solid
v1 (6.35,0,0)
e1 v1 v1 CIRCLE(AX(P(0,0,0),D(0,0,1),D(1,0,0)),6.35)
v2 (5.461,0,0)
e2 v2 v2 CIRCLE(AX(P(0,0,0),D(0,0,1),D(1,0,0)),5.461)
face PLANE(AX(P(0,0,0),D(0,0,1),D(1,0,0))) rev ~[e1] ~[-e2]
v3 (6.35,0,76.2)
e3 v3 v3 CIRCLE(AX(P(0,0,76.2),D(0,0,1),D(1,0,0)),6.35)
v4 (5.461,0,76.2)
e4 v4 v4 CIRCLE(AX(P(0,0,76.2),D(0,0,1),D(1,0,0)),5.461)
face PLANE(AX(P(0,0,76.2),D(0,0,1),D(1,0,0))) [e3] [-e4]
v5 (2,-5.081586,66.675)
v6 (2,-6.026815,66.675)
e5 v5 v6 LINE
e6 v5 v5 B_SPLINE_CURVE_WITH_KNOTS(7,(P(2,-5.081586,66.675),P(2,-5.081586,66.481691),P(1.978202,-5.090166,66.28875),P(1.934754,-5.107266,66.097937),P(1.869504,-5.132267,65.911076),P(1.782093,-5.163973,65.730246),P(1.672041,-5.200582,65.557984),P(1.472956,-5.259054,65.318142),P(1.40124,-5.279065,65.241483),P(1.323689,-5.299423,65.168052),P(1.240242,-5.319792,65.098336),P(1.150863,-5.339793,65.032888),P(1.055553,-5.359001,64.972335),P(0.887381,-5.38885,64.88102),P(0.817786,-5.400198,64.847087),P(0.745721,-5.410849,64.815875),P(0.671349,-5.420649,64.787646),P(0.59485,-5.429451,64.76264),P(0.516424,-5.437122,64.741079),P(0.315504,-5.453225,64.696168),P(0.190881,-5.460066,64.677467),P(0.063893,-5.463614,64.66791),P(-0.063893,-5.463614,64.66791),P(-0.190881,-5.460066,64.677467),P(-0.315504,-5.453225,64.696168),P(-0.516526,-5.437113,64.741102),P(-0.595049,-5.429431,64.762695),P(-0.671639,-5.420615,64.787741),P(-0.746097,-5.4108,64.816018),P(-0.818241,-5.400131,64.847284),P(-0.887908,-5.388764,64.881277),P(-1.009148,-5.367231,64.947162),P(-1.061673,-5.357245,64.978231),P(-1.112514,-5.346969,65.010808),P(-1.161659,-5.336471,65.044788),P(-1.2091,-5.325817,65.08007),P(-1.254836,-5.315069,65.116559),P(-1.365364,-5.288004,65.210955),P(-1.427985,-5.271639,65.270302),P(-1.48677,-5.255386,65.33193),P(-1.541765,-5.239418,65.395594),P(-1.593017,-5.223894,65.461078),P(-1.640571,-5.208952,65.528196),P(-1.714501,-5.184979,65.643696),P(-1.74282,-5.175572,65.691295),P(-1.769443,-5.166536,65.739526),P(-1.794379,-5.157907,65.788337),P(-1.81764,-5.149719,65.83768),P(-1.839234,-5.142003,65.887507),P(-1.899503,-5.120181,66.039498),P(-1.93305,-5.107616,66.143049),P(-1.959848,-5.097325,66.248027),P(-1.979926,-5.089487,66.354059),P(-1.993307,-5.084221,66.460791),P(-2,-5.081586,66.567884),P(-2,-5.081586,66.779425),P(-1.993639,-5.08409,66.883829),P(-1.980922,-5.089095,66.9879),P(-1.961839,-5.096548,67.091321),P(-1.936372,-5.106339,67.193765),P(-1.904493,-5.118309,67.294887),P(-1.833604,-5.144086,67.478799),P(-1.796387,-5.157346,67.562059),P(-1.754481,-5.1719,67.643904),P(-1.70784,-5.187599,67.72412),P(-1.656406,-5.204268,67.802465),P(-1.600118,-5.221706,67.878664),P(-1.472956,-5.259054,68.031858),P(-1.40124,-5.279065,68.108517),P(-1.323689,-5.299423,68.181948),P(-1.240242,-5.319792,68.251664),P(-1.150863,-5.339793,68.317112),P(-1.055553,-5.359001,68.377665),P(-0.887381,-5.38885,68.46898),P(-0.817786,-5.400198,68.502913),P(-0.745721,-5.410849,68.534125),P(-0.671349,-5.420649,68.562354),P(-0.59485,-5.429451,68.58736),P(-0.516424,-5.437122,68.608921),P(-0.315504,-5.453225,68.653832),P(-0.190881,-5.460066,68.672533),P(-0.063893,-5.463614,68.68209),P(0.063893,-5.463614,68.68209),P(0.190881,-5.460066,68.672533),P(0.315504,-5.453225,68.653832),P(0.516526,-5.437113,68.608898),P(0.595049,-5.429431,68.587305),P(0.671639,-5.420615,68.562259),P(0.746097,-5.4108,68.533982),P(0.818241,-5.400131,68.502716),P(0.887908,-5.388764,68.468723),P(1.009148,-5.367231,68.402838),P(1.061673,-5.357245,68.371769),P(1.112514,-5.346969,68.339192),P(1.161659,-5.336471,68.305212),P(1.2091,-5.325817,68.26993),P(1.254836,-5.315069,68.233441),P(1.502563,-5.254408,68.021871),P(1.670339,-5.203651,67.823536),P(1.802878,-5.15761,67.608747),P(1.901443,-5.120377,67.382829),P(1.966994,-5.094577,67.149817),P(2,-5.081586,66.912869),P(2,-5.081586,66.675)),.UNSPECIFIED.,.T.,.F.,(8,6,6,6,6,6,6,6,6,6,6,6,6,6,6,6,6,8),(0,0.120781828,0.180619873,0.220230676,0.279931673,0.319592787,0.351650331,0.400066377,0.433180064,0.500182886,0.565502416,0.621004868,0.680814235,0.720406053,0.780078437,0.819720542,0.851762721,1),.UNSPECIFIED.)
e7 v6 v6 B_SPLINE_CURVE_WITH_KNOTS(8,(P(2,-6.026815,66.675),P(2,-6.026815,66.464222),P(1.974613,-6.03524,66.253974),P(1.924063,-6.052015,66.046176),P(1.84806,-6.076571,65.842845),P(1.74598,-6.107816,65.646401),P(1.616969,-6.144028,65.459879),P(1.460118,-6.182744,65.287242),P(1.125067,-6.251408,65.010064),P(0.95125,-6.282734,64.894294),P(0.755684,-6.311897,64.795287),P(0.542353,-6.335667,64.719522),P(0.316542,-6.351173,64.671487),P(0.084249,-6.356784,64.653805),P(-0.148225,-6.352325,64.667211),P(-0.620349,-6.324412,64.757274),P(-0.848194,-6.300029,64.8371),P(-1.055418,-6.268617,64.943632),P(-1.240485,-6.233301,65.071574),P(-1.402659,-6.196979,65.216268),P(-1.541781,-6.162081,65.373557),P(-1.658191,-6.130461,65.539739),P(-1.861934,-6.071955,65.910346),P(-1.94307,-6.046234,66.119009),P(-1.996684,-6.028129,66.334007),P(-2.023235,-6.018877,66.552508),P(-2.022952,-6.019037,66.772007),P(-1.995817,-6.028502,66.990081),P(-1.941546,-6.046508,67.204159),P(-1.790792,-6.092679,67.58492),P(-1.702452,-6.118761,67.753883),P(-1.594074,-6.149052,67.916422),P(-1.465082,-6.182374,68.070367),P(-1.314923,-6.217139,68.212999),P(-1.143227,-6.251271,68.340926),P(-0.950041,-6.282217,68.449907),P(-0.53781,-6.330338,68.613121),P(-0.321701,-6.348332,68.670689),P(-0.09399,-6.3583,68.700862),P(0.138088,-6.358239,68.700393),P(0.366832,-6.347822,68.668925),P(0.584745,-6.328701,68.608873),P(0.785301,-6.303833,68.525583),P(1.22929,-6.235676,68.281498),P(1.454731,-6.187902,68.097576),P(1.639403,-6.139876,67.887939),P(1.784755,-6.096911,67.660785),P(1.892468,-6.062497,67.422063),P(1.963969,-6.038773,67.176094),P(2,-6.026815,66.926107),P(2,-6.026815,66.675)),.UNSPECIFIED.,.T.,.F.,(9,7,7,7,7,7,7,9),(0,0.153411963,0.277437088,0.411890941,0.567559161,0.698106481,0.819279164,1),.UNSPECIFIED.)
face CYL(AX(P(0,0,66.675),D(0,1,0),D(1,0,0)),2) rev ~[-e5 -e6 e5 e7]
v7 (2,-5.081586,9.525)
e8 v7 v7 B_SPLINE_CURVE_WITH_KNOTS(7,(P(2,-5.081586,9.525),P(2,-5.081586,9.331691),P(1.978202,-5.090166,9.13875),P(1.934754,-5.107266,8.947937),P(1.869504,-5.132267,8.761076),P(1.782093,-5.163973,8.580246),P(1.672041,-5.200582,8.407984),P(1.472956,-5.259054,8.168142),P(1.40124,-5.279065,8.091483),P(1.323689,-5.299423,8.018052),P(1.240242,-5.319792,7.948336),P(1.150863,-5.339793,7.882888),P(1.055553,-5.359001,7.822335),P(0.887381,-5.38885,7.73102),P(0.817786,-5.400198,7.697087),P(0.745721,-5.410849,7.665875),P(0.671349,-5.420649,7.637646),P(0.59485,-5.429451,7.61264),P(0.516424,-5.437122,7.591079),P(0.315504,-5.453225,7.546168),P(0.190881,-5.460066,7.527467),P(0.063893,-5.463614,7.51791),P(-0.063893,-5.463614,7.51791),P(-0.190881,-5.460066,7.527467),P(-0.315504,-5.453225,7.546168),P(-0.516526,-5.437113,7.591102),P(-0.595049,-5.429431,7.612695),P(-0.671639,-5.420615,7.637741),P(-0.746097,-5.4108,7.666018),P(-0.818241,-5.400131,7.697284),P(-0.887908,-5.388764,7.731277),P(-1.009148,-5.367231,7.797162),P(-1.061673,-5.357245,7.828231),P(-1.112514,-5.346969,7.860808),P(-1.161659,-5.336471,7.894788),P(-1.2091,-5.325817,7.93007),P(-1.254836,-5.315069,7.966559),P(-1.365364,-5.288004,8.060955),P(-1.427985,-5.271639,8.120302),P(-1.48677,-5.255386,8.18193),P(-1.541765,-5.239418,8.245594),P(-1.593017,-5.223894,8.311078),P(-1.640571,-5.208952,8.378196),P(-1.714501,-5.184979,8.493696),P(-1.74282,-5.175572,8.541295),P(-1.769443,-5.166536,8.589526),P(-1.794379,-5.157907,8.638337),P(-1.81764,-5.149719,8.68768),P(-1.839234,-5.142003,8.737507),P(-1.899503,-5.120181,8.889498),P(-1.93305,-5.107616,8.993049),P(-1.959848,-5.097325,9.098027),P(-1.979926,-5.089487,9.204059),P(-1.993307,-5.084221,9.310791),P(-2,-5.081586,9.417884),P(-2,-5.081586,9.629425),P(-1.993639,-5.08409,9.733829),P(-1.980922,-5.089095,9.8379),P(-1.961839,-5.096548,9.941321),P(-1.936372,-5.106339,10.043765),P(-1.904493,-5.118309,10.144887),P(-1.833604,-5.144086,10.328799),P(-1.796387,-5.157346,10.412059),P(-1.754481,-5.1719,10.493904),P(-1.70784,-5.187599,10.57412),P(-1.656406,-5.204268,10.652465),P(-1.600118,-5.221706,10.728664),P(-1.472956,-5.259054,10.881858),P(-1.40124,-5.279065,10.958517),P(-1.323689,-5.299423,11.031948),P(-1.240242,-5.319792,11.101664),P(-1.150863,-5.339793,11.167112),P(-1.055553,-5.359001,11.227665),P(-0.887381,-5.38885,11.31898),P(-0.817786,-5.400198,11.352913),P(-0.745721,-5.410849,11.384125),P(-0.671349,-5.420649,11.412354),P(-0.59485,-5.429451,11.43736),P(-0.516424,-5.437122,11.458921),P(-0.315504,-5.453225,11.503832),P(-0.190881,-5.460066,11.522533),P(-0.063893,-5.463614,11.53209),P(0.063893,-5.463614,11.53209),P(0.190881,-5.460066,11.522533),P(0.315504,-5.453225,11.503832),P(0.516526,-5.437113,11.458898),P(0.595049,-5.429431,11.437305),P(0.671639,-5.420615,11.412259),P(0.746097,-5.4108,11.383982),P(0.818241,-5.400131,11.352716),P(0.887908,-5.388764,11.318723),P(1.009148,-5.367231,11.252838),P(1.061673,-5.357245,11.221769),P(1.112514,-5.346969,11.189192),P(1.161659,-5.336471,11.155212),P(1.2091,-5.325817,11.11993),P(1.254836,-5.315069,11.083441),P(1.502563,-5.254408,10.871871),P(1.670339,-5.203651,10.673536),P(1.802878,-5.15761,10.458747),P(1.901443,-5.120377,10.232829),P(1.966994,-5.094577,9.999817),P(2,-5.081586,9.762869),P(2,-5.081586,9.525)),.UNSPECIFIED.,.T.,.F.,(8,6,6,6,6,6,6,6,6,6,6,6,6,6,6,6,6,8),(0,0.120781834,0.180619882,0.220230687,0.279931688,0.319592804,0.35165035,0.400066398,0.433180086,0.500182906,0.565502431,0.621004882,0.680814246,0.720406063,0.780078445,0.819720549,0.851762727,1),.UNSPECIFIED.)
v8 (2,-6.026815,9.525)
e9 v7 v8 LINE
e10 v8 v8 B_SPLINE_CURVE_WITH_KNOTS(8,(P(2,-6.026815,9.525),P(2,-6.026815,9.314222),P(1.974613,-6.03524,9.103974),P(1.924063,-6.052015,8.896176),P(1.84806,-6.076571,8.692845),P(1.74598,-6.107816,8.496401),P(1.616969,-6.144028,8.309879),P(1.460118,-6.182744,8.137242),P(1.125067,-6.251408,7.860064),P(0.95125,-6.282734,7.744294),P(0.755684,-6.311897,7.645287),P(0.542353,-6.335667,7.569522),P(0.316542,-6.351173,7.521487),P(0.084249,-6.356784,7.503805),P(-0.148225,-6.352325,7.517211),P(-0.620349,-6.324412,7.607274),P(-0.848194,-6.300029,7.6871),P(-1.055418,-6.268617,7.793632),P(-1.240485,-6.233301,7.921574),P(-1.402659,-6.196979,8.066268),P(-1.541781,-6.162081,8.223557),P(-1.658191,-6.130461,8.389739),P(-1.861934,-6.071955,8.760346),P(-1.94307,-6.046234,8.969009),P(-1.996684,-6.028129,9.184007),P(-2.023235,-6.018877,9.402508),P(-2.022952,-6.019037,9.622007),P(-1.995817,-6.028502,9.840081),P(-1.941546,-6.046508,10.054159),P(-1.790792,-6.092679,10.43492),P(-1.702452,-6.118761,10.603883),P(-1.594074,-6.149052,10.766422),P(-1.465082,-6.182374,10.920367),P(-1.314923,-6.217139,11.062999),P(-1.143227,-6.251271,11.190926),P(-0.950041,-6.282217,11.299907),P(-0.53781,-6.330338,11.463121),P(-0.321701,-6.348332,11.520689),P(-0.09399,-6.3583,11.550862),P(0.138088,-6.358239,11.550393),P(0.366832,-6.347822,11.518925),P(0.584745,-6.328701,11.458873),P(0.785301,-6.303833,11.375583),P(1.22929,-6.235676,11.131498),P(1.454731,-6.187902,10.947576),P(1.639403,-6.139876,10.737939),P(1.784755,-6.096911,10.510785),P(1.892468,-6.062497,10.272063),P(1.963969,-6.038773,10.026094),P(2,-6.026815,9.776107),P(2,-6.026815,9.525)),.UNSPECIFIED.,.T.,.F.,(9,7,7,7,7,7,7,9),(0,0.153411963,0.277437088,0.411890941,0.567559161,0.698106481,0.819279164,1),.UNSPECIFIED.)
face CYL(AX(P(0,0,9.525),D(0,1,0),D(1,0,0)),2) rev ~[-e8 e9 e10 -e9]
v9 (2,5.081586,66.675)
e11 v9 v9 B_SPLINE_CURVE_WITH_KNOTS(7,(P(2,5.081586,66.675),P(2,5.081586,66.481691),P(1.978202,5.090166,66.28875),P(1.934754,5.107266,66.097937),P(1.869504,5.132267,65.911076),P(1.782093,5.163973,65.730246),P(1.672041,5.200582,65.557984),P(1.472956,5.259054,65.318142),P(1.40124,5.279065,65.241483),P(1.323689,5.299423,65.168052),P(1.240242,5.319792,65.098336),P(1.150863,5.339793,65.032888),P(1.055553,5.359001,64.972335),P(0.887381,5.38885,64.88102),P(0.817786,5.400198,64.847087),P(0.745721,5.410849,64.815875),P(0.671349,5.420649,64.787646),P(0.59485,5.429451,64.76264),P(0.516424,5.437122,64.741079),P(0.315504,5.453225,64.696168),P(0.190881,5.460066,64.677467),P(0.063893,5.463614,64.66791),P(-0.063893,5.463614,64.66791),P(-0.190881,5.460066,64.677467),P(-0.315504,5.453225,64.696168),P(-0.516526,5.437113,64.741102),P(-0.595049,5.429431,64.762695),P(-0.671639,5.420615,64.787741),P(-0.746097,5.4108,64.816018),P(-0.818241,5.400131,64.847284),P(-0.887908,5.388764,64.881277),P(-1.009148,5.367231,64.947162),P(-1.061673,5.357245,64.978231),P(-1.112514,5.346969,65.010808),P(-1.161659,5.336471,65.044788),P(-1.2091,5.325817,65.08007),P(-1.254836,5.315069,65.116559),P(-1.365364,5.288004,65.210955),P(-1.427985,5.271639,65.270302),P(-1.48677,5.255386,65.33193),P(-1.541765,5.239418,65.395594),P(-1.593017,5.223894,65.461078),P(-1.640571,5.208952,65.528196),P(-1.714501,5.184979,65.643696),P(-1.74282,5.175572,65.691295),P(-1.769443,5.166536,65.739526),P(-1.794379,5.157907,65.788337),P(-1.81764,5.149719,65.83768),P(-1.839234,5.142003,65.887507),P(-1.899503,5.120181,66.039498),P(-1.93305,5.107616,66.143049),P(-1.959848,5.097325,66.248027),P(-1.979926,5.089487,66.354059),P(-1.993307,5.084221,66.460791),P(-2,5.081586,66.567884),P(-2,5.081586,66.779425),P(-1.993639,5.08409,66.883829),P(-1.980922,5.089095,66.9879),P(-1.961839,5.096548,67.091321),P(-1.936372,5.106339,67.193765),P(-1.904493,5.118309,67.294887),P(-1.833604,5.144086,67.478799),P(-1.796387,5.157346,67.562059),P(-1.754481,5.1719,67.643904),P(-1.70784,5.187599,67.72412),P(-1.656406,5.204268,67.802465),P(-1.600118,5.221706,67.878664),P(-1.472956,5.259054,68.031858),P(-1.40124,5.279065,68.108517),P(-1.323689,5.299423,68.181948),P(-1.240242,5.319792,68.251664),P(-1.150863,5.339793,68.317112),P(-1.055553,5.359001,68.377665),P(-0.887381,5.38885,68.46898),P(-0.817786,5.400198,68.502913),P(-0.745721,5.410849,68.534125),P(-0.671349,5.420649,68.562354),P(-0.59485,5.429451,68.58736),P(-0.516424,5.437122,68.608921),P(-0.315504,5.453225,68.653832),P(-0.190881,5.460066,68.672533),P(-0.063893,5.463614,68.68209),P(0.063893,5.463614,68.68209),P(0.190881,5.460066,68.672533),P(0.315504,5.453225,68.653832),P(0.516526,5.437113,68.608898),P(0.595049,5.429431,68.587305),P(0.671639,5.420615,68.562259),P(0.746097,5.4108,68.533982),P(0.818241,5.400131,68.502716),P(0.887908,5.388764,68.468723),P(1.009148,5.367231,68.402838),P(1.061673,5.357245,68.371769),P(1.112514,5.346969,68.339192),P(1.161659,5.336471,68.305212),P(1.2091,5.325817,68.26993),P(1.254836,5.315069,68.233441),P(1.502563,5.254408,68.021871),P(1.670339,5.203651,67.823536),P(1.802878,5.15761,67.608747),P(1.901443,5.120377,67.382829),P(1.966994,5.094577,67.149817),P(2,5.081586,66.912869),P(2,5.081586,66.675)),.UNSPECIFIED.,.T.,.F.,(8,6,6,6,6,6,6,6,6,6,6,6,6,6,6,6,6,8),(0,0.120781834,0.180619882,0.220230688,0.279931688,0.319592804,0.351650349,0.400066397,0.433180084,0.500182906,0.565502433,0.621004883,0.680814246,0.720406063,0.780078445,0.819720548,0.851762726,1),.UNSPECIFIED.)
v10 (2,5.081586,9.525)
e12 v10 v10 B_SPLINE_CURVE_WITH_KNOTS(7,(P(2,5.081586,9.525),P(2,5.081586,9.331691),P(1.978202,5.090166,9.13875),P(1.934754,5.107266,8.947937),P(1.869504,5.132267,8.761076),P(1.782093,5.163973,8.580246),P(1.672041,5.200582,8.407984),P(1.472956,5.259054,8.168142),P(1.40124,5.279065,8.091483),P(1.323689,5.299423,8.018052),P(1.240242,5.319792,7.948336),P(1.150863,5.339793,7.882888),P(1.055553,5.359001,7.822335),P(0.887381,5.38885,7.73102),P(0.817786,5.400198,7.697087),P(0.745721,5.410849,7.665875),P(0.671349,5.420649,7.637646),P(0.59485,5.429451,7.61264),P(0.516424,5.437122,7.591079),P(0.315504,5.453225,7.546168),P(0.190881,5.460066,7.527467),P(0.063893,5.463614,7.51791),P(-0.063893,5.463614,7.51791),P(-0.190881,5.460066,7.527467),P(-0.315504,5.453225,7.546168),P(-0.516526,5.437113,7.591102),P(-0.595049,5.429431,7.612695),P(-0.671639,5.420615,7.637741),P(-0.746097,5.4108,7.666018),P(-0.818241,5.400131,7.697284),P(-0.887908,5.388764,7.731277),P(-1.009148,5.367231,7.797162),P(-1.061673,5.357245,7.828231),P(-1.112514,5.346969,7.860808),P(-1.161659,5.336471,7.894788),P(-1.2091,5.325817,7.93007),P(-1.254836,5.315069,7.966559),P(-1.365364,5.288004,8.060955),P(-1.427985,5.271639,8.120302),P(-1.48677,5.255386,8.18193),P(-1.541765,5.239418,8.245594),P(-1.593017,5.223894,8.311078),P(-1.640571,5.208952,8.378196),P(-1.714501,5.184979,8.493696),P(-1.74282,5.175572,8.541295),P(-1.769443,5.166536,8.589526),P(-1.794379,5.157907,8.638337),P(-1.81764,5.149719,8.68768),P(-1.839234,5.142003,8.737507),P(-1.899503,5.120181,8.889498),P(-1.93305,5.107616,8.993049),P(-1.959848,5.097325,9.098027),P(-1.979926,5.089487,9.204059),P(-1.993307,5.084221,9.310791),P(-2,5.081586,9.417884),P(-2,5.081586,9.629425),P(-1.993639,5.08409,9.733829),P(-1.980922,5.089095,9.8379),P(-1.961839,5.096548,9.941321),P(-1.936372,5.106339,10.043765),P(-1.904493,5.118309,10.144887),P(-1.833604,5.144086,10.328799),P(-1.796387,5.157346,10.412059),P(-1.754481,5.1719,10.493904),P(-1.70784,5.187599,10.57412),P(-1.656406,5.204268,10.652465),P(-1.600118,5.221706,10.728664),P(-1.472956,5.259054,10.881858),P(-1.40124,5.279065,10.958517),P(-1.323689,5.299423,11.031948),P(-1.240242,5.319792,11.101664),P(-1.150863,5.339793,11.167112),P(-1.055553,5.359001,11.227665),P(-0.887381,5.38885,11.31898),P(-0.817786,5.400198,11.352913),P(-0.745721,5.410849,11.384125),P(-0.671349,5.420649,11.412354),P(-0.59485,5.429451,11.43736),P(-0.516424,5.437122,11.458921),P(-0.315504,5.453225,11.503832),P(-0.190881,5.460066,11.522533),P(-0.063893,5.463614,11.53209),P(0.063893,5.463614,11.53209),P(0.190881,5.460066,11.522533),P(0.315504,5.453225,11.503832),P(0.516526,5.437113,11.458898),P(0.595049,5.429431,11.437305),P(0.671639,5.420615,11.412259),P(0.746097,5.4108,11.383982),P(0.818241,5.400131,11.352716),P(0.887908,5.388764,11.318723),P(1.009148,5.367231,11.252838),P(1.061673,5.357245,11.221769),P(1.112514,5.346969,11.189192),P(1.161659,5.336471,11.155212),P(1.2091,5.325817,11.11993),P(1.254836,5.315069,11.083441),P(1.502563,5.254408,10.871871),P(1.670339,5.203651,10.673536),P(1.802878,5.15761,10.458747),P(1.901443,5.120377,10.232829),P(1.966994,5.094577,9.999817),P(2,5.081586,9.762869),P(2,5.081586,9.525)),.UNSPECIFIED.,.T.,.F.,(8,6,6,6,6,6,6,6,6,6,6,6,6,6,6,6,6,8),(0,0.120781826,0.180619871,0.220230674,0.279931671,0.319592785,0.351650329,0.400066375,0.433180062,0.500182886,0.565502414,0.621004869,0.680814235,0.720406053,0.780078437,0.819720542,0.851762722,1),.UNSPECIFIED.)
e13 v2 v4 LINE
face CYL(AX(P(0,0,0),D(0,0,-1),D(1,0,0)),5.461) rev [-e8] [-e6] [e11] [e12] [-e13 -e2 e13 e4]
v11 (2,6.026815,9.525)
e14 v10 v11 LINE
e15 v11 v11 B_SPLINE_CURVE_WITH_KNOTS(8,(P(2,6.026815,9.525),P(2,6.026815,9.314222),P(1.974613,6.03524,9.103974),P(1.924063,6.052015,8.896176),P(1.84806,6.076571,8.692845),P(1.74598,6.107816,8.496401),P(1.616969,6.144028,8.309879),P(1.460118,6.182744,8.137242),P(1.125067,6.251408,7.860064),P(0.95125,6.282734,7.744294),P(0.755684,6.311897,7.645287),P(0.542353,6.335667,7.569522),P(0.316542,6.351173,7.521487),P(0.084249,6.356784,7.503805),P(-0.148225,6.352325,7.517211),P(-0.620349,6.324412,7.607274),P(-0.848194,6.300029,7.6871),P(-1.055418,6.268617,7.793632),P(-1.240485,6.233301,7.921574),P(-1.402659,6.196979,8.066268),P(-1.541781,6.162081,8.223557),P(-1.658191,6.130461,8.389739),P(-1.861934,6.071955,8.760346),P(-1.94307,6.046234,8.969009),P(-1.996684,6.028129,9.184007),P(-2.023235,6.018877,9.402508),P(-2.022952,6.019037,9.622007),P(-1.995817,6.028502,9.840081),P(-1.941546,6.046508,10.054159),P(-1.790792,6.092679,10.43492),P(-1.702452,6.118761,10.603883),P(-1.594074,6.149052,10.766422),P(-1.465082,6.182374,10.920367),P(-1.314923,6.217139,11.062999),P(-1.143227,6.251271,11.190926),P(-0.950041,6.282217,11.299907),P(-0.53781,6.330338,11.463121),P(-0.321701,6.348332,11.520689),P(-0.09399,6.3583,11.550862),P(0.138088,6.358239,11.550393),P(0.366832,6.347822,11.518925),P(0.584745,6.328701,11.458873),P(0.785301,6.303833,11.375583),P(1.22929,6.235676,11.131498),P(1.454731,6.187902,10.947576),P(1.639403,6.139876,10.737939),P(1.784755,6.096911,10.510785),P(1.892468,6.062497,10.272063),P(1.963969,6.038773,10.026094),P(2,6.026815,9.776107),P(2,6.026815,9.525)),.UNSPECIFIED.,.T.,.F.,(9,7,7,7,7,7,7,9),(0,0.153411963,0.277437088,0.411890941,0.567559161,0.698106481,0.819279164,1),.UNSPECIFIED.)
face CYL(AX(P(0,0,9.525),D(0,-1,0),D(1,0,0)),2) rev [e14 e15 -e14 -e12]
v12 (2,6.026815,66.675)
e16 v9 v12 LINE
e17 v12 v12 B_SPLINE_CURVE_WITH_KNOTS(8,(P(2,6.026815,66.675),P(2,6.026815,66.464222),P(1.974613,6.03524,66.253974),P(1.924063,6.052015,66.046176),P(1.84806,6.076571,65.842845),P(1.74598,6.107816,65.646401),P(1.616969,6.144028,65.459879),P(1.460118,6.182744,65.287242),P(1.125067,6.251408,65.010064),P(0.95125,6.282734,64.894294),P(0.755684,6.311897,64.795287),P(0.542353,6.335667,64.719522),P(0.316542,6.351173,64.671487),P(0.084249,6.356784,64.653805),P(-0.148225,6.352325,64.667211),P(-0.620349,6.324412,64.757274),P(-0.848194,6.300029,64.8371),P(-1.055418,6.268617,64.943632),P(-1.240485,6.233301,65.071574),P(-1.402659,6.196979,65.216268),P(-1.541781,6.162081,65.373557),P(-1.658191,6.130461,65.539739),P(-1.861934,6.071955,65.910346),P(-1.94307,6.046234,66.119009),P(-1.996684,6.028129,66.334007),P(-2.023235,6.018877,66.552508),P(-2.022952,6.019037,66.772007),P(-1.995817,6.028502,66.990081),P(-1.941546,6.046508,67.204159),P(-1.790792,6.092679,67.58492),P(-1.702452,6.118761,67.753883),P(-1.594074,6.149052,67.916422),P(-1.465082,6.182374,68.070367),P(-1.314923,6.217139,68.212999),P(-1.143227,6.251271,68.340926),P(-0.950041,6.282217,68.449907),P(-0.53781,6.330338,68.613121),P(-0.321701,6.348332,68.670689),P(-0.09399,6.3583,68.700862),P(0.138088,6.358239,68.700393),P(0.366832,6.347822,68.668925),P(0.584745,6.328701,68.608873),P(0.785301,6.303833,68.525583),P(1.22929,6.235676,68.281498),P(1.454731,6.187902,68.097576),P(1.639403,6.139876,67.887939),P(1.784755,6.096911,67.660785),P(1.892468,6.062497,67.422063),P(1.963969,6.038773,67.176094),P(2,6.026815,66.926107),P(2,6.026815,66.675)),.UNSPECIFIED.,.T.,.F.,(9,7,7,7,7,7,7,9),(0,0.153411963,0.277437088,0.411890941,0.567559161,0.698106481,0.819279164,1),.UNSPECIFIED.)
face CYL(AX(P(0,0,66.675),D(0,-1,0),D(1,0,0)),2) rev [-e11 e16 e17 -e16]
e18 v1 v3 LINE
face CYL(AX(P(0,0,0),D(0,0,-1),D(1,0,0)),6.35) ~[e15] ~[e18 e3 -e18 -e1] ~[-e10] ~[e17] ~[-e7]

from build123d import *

# Parameters (mm, degrees)
SKETCH1_R               = 6.35
SKETCH1_R_2             = 5.461
EXTRUDE1_DEPTH          = 76.2
CUT_EXTRUDE1_DEPTH      = 38.1
CUT_EXTRUDE1_DEPTH_BACK = 38.1
SKETCH2_R               = 2


with BuildPart() as part:
    # Sketch1 → Extrude1 (new body)
    with BuildSketch(Plane.XY):
        Circle(SKETCH1_R)
        Circle(SKETCH1_R_2, mode=Mode.SUBTRACT)
    extrude(amount=EXTRUDE1_DEPTH)

    # Sketch2 → Cut-Extrude1 (cut, two sides: drawn at the far end of the back side and taken through both)
    with BuildSketch(Plane(origin=(0, 0, 0), x_dir=(1, 0, 0), z_dir=(0, 1, 0)).offset(-CUT_EXTRUDE1_DEPTH_BACK)):
        with Locations((0, -9.525)):
            Circle(SKETCH2_R)
        with Locations((0, -66.675)):
            Circle(SKETCH2_R)
    extrude(amount=CUT_EXTRUDE1_DEPTH + CUT_EXTRUDE1_DEPTH_BACK, mode=Mode.SUBTRACT)


solid = part.part
